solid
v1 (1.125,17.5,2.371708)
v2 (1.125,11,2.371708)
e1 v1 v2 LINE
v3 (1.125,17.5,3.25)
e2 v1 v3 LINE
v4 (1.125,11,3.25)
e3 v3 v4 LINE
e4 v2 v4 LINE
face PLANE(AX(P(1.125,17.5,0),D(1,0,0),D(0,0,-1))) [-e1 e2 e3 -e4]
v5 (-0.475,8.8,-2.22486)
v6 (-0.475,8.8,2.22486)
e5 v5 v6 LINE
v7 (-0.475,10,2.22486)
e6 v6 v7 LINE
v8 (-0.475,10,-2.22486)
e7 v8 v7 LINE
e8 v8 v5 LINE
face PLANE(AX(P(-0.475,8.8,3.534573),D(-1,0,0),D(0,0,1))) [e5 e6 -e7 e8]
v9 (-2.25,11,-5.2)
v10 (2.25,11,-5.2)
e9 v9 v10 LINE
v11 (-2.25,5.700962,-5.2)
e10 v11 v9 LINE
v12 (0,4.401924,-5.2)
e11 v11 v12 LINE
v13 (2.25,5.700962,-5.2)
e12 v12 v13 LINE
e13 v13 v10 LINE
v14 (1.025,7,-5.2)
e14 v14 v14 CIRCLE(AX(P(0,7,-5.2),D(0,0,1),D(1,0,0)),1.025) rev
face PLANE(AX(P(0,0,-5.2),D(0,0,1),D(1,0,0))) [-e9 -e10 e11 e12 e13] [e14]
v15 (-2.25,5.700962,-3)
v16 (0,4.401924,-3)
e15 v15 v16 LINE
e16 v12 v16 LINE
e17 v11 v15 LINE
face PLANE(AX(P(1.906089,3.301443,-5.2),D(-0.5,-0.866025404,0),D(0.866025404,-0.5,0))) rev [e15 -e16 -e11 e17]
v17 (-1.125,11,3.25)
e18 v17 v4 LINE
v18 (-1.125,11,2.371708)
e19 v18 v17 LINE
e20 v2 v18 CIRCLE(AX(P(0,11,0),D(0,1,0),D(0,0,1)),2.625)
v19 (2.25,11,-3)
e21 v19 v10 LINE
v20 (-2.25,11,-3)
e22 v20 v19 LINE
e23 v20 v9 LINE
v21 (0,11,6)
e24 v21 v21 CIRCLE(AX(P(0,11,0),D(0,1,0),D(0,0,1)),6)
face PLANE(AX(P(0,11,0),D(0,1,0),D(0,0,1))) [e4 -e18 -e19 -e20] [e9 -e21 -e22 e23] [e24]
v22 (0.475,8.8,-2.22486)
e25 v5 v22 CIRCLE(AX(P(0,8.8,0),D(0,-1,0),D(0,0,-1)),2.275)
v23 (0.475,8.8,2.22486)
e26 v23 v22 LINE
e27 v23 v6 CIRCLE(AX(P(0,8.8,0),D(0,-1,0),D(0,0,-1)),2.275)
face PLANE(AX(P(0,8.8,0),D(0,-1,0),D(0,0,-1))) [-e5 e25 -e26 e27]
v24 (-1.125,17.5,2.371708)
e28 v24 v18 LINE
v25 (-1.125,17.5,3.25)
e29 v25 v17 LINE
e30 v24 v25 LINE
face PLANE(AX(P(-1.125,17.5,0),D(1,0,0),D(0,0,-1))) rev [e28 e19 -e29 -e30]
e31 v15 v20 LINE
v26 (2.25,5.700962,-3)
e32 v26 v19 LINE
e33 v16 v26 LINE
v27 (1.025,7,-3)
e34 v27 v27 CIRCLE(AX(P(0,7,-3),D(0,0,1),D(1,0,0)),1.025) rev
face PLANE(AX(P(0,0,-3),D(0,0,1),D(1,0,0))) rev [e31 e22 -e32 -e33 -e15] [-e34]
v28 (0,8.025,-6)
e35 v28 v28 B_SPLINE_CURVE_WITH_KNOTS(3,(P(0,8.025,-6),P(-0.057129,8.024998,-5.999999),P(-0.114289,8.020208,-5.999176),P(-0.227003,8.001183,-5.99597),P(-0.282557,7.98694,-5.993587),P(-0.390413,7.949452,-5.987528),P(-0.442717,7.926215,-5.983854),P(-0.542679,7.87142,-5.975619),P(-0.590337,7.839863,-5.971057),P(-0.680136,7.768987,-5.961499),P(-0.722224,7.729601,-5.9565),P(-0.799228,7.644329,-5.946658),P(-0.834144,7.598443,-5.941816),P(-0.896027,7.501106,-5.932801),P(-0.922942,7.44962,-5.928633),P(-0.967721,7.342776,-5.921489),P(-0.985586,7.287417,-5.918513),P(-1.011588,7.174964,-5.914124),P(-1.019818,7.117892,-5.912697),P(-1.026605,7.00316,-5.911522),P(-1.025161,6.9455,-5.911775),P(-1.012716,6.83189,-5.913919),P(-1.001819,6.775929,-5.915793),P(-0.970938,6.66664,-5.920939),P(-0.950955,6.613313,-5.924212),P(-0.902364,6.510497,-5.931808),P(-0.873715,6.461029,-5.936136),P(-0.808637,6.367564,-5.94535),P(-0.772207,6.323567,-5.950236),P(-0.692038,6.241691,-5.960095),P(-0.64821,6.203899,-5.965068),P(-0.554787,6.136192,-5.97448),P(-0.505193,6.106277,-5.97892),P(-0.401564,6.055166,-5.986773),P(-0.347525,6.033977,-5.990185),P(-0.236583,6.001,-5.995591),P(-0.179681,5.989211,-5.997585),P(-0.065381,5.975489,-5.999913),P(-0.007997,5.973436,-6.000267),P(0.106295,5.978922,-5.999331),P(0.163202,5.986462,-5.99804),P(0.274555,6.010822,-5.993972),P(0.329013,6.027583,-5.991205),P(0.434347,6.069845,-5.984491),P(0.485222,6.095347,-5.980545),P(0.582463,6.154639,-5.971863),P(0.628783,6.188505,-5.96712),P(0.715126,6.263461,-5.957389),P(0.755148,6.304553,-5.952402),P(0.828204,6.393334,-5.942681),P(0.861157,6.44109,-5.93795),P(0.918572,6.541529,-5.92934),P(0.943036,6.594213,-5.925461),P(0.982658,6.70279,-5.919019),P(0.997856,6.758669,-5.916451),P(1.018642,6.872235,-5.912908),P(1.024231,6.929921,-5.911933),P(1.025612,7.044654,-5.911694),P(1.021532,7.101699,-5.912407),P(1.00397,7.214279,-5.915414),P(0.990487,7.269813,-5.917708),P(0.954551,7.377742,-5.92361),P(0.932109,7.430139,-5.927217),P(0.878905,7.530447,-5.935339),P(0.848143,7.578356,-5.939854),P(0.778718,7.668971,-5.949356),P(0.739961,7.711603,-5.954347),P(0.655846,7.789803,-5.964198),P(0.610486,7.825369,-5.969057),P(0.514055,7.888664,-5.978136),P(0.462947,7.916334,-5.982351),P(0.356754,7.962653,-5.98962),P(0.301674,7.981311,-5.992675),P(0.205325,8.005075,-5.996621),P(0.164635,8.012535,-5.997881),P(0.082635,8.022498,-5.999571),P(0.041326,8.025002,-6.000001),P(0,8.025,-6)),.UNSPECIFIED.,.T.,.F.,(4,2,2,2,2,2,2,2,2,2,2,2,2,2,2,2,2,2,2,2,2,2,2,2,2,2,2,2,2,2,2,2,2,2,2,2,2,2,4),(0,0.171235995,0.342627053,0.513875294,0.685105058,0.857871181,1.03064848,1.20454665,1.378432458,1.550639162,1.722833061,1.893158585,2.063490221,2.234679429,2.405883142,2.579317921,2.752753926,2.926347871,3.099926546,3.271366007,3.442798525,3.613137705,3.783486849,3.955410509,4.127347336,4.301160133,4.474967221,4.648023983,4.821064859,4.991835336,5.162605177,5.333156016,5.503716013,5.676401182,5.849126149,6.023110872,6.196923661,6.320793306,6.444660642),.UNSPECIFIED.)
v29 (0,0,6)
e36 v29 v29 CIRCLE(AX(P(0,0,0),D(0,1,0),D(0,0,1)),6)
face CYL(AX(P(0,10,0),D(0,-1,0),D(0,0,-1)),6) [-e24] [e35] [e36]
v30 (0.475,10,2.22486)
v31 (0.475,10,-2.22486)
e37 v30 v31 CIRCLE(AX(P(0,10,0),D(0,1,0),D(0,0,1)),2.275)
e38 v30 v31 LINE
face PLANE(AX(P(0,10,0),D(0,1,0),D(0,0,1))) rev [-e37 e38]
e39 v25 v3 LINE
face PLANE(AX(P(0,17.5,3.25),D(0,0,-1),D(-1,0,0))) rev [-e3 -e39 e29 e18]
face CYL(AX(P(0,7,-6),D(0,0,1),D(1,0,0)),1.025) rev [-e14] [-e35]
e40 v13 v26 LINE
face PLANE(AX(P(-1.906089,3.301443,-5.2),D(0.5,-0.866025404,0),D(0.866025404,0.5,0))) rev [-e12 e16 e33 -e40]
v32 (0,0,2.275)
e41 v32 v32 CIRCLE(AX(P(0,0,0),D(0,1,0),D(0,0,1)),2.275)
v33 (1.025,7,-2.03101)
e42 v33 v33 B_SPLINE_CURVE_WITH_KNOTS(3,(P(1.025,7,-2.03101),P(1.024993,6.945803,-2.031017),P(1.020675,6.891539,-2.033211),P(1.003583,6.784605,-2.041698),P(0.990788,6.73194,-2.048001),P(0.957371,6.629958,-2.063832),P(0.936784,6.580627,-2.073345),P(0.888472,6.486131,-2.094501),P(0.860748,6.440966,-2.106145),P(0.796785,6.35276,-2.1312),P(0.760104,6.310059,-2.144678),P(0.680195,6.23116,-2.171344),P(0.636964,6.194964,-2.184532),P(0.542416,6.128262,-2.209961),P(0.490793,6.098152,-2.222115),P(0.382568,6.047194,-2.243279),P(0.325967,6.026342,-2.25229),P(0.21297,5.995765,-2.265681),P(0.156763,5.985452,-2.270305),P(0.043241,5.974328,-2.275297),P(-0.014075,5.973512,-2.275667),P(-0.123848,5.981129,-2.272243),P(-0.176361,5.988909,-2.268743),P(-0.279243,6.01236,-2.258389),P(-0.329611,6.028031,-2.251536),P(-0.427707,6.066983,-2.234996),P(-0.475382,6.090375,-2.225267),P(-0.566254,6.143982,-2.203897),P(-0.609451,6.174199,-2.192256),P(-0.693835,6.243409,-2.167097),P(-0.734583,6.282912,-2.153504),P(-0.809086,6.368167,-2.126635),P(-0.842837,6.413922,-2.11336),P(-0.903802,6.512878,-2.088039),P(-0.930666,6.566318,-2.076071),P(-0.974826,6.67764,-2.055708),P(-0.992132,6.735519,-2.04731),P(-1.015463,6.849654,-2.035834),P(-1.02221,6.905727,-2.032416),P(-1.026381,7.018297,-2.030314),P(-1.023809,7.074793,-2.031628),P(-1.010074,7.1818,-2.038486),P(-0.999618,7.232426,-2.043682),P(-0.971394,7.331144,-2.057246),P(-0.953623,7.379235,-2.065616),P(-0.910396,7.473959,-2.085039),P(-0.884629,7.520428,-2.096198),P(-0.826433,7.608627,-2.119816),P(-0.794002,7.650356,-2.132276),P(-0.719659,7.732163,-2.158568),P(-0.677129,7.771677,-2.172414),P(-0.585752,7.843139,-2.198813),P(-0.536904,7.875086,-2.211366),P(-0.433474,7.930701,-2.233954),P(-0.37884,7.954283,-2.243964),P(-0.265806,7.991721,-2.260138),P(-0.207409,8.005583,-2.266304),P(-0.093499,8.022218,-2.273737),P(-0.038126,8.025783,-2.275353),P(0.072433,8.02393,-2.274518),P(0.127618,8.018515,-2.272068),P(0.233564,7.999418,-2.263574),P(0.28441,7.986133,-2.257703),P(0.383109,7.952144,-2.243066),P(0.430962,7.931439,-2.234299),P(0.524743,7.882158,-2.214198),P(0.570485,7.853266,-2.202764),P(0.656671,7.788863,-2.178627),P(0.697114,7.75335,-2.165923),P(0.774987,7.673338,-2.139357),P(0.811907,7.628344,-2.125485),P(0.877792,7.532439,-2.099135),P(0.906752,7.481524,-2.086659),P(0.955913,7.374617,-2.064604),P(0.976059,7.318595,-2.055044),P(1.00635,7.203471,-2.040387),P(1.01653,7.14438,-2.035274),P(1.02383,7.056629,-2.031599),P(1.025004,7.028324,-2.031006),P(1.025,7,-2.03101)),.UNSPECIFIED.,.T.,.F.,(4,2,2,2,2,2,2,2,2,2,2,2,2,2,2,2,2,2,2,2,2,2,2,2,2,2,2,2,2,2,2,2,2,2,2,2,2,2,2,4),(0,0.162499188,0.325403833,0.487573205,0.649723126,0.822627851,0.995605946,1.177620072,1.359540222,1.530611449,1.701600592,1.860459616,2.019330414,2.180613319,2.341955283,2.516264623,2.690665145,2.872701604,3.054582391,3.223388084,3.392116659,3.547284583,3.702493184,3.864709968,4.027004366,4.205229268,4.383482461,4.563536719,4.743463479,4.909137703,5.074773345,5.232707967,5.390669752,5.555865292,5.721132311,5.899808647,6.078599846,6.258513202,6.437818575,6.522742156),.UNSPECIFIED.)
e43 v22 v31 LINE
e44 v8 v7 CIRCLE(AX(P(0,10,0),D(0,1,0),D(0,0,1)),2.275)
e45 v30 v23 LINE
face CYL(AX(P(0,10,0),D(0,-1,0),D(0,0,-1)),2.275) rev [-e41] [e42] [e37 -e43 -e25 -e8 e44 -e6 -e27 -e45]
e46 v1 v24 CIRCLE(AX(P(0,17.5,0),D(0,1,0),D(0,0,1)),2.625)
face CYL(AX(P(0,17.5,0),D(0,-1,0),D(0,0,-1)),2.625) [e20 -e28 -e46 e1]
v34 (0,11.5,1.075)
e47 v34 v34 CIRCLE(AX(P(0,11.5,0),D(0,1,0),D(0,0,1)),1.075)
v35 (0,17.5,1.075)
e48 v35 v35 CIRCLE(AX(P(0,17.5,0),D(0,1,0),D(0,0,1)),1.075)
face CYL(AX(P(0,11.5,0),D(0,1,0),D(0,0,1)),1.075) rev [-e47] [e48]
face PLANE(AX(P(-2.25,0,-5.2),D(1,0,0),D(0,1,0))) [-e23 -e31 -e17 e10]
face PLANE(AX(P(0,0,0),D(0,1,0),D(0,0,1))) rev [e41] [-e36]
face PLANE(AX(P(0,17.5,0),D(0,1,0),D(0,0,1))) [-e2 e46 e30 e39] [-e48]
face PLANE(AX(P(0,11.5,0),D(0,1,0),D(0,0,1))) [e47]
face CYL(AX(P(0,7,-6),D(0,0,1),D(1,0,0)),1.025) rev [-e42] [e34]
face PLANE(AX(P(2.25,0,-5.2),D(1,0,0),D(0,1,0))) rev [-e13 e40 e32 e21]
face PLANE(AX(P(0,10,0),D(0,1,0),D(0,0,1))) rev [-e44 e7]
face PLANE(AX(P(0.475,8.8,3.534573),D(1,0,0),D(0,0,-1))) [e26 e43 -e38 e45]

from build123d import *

# Parameters (mm, degrees)
SKETCH1_R           = 6
BOSS_EXTRUDE1_DEPTH = 10
SKETCH2_R           = 1.025
CUT_EXTRUDE1_DEPTH  = 7
SKETCH4_R           = 2.275
CUT_EXTRUDE4_DEPTH  = 11.0000001
SKETCH5_W           = 0.95
SKETCH5_H           = 7.069146706
BOSS_EXTRUDE2_DEPTH = 1.2
SKETCH7_R           = 6
BOSS_EXTRUDE3_DEPTH = 1
SKETCH8_R           = 2.625
SKETCH8_W           = 2.25
SKETCH8_H           = 1.25
BOSS_EXTRUDE4_DEPTH = 6.5
SKETCH9_R           = 1.075
CUT_EXTRUDE5_DEPTH  = 6
CUT_EXTRUDE2_START  = -3
CUT_EXTRUDE2_DEPTH  = 2.2


with BuildPart() as part:
    # Sketch1 → Boss-Extrude1 (new body)
    with BuildSketch(Plane(origin=(0, 0, 0), x_dir=(1, 0, 0), z_dir=(0, 1, 0))):
        Circle(SKETCH1_R)
    extrude(amount=BOSS_EXTRUDE1_DEPTH)

    # Sketch2 → Cut-Extrude1 (cut, through all)
    with BuildSketch(Plane.XY):
        with Locations((0, 7)):
            Circle(SKETCH2_R)
    extrude(amount=-CUT_EXTRUDE1_DEPTH, mode=Mode.SUBTRACT)

    # Sketch4 → Cut-Extrude4 (cut, through all)
    with BuildSketch(Plane(origin=(0, 0, 0), x_dir=(1, 0, 0), z_dir=(0, 1, 0))):
        Circle(SKETCH4_R)
    extrude(amount=CUT_EXTRUDE4_DEPTH, mode=Mode.SUBTRACT)

    # Sketch5 → Boss-Extrude2 (add)
    with BuildSketch(Plane(origin=(0, 10, 0), x_dir=(1, 0, 0), z_dir=(0, 1, 0))):
        Rectangle(SKETCH5_W, SKETCH5_H)
    extrude(amount=-BOSS_EXTRUDE2_DEPTH)

    # Sketch7 → Boss-Extrude3 (add)
    with BuildSketch(Plane(origin=(0, 10, 0), x_dir=(1, 0, 0), z_dir=(0, 1, 0))):
        Circle(SKETCH7_R)
    extrude(amount=BOSS_EXTRUDE3_DEPTH)

    # Sketch8 → Boss-Extrude4 (add)
    with BuildSketch(Plane(origin=(0, 11, 0), x_dir=(1, 0, 0), z_dir=(0, 1, 0))):
        Circle(SKETCH8_R)
        with Locations((0, -2.625)):
            Rectangle(SKETCH8_W, SKETCH8_H)
    extrude(amount=BOSS_EXTRUDE4_DEPTH)

    # Sketch9 → Cut-Extrude5 (cut)
    with BuildSketch(Plane(origin=(0, 17.5, 0), x_dir=(1, 0, 0), z_dir=(0, 1, 0))):
        Circle(SKETCH9_R)
    extrude(amount=-CUT_EXTRUDE5_DEPTH, mode=Mode.SUBTRACT)

    # Sketch3 → Cut-Extrude2 (cut)
    with BuildSketch(Plane.XY.offset(CUT_EXTRUDE2_START)):
        Polygon((0, 4.401923789), (2.25, 5.700961894), (2.25, 8.299038106), (2.25, 11.472802467), (-2.25, 11.472802467), (-2.25, 8.299038106), (-2.25, 5.700961894), align=None)
    extrude(amount=-CUT_EXTRUDE2_DEPTH, mode=Mode.SUBTRACT)


solid = part.part
